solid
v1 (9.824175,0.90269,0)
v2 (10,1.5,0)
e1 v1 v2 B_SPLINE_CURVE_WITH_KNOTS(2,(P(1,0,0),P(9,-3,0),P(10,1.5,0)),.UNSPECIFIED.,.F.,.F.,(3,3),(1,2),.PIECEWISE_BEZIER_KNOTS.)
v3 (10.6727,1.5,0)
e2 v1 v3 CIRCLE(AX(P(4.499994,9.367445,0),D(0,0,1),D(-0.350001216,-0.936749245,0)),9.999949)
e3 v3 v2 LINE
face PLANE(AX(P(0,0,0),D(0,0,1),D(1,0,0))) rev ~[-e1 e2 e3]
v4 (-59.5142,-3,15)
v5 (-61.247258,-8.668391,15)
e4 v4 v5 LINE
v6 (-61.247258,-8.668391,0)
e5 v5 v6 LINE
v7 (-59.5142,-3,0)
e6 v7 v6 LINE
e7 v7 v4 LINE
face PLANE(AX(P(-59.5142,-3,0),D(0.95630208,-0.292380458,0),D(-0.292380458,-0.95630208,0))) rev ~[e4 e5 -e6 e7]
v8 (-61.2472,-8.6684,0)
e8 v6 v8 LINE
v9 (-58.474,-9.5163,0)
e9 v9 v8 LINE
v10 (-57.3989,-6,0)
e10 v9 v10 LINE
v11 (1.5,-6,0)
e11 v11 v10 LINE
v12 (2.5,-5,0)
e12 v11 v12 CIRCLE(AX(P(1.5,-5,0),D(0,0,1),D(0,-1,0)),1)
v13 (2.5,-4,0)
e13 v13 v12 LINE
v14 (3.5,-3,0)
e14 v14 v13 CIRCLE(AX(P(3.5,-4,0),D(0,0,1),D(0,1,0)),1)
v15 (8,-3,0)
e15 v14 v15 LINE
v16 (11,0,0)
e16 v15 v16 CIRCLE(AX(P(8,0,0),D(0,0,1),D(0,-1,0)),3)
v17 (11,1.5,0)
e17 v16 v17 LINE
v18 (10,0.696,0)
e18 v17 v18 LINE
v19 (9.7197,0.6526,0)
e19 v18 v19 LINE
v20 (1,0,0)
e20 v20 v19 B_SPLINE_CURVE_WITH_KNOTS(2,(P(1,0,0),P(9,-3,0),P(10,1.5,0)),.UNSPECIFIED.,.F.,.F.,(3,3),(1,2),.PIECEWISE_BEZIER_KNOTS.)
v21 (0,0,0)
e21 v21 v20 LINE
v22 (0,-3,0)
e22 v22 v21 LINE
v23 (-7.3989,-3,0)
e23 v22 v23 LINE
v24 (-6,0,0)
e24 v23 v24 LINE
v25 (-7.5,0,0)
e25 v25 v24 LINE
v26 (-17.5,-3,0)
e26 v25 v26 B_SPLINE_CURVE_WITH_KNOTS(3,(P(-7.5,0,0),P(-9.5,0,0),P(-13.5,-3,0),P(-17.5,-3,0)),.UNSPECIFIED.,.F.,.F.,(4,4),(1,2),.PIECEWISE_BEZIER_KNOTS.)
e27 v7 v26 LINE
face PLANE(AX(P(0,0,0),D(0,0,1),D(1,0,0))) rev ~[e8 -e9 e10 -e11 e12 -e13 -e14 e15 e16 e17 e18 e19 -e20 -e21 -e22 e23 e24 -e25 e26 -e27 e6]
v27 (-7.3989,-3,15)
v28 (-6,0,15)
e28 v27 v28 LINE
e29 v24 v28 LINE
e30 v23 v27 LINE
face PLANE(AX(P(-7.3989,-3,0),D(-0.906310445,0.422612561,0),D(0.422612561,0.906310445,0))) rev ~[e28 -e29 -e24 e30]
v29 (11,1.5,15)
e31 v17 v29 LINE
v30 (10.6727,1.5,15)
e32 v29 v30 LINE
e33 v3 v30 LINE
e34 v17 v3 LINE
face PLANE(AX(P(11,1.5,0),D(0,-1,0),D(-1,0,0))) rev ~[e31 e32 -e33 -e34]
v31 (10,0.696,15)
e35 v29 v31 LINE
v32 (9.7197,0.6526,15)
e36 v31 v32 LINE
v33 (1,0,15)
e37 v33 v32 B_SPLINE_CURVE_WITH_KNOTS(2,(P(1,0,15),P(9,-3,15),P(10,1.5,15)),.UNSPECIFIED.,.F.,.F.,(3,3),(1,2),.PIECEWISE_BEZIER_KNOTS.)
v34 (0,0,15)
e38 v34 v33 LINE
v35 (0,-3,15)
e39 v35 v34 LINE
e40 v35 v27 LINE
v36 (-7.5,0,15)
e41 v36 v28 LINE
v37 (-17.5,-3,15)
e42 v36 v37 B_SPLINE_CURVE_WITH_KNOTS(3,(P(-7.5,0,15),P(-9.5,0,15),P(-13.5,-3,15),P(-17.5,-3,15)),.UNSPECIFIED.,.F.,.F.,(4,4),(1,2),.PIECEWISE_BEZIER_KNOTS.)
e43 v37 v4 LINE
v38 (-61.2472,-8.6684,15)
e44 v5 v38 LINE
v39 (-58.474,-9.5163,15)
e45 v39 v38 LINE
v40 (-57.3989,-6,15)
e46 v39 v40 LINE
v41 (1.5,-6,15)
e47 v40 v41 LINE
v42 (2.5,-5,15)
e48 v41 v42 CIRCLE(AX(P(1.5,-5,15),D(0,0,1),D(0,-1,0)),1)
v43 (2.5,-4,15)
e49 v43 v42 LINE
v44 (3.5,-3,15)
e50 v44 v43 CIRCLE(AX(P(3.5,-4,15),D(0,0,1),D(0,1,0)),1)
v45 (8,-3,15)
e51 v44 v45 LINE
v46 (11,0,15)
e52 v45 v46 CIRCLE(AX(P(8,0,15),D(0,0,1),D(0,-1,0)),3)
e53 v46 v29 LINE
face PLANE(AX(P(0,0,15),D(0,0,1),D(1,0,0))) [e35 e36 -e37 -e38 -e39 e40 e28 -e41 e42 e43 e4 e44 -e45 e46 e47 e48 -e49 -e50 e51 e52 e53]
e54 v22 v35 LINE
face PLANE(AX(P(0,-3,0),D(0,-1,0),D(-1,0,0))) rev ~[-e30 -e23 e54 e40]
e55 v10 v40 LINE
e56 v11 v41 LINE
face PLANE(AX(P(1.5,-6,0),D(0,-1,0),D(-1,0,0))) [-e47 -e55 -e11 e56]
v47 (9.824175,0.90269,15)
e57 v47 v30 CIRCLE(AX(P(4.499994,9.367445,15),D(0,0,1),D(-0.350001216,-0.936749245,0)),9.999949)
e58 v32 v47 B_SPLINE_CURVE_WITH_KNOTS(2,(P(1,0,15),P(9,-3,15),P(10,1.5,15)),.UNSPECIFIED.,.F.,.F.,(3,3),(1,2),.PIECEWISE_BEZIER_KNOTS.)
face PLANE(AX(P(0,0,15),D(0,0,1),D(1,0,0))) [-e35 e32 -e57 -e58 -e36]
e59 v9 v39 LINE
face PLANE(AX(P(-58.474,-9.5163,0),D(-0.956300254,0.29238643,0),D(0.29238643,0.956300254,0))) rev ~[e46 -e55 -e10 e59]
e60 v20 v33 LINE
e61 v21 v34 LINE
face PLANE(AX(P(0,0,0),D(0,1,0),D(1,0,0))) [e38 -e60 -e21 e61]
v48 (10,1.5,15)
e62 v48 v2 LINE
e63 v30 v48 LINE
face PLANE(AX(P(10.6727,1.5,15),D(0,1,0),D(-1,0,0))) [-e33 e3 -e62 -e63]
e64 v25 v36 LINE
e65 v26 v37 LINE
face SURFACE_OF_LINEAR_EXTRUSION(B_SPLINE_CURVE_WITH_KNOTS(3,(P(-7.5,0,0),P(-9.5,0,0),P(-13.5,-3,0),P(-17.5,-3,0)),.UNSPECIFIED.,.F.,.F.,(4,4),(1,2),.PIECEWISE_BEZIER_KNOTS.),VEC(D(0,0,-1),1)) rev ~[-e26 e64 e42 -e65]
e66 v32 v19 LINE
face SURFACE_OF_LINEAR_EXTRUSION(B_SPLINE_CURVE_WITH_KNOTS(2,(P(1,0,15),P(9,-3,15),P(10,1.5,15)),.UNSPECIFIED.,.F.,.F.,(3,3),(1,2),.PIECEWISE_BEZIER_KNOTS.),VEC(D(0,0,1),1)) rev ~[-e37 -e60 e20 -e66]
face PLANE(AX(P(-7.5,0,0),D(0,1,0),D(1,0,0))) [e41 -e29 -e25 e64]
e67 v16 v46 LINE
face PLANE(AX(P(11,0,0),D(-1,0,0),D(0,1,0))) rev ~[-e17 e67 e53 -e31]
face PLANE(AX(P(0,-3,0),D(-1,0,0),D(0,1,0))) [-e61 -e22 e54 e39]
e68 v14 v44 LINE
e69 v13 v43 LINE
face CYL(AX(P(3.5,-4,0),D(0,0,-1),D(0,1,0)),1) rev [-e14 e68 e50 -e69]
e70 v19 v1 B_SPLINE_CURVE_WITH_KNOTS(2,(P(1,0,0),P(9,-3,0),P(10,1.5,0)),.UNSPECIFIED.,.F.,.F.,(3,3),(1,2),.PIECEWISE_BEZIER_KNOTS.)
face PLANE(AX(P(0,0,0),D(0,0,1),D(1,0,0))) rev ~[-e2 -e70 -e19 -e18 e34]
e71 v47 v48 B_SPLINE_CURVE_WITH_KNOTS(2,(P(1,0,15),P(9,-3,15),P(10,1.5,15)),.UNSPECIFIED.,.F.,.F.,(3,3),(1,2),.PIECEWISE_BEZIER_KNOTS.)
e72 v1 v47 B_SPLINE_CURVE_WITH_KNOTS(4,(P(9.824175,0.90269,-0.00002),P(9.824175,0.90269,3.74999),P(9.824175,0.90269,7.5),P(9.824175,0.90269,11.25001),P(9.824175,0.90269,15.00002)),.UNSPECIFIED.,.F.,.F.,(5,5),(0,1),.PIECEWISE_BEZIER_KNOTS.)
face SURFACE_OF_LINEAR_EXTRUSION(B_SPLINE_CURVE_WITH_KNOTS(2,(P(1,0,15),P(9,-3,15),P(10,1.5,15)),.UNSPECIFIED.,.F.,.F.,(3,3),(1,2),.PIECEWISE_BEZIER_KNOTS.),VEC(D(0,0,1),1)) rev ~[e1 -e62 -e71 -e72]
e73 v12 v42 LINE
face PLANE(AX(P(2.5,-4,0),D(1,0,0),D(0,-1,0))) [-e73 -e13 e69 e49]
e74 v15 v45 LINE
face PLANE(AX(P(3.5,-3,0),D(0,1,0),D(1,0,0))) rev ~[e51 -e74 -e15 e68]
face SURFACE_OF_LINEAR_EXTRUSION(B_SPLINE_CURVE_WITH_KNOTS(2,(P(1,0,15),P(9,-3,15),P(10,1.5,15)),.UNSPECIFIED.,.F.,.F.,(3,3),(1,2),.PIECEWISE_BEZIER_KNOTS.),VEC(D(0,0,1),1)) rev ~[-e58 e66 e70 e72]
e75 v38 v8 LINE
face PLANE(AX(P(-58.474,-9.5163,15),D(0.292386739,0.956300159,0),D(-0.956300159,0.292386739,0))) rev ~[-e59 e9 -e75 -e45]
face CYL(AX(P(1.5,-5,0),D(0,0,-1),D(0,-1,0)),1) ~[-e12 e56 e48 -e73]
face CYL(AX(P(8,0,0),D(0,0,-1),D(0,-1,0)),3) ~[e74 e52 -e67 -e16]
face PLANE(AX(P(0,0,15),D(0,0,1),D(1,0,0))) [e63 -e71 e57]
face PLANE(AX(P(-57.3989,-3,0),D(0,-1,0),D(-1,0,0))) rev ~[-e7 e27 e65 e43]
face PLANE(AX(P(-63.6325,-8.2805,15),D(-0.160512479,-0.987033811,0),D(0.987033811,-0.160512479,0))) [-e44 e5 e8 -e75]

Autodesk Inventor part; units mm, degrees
ref_plane "YZ Plane" through (0, 0, 0) normal (1, 0, 0) x (0, 1, 0)
ref_plane "XZ Plane" through (0, 0, 0) normal (0, 1, 0) x (-1, 0, 0)
ref_plane "XY Plane" through (0, 0, 0) normal (0, 0, 1) x (1, 0, 0)
sketch "Эскиз1" plane through (0, 0, 0) normal (0, 0, 1) x (1, 0, 0)
  line L0 (0, 0) -> (1, 0)
  line L1 (9, 0) -> (9, -3) construction
  line L2 (9, -3) -> (3.5, -3) construction
  line L3 (0, -3) -> (0, 0)
  line L4 (0, -3) -> (-7.3989, -3)
  line L5 (-7.3989, -3) -> (-7.3989, -6) construction
  line L6 (-7.3989, -6) -> (0, -6)
  line L7 (0, -6) -> (0, -3) construction
  line L8 (0, -3) -> (2.5, -3) construction
  line L9 (2.5, -4) -> (2.5, -5)
  line L10 (1.5, -6) -> (0, -6)
  line L11 (0, -6) -> (0, -3) construction
  line L12 (-7.3989, -3) -> (-6, 0)
  line L13 (-7.3989, -3) -> (-13.5, -3) construction
  line L14 (-57.3989, -3) -> (-57.3989, -6) construction
  line L15 (-57.3989, -6) -> (-7.3989, -6)
  line L16 (-7.3989, -6) -> (-7.3989, -3) construction
  arc A0 (1.5, -6) -> (2.5, -5) centre (1.5, -5) ccw
  arc A1 (3.5, -3) -> (2.5, -4) centre (3.5, -4) ccw
  line L17 (-13.5, -3) -> (-17.5, -3) construction
  line L18 (0, 0) -> (1, 0)
  line L19 (9, 0) -> (8, 0) construction
  arc A2 (1, 0) -> (8, 0) centre (4.5, 9.3675) ccw construction
  line L20 (-57.3989, -3) -> (-59.5142, -3)
  line L21 (-59.5142, -3) -> (-62.1244, -11.5373)
  line L22 (-62.1244, -12.6534) -> (-58.474, -12.6534) construction
  line L23 (-58.474, -12.6534) -> (-58.474, -9.5163) construction
  line L24 (-58.474, -12.6534) -> (3.765, -31.6817)
  line L25 (3.765, -31.6817) -> (4.6422, -28.8128)
  line L26 (4.6422, -28.8128) -> (-58.474, -9.5163)
  line L27 (-58.474, -9.5163) -> (-58.474, -12.6534) construction
  line L28 (-57.3989, -6) -> (-57.3989, -3) construction
  line L29 (-58.474, -9.5163) -> (-57.3989, -6)
  line L30 (-13.5, -3) -> (-17.5, -3) construction
  line L31 (-17.5, -3) -> (-57.3989, -3)
  line L32 (1, 0) -> (8, 0) construction
  line L33 (8, 0) -> (9, 0) construction
  line L34 (-58.474, -12.6534) -> (-62.1244, -11.5373)
  line L35 (-62.1244, -11.5373) -> (-62.1244, -12.6534) construction
  line L36 (-6, 0) -> (-7.5, 0) construction
  line L37 (-7.5, 0) -> (-7.5, -3) construction
  line L38 (-7.5, 0) -> (-9.5, 0) construction
  line L39 (-7.5, 0) -> (-9.5, 0) construction
  line L40 (-9.5, 0) -> (-13.5, -3) construction
  line L41 (-13.5, -3) -> (-17.5, -3) construction
  spline S0 degree 3 poles (-7.5, 0) (-9.5, 0) (-13.5, -3) (-17.5, -3) knots 1 1 1 1 2 2 2 2
  line L42 (-7.5, 0) -> (-6, 0)
  line L43 (9, -3) -> (11, -3) construction
  line L44 (11, 0) -> (11, 1.5)
  line L45 (11, 1.5) -> (10.6727, 1.5)
  arc A3 (1, 0) -> (10.6727, 1.5) centre (4.5, 9.3675) ccw
  line L46 (3.5, -3) -> (8, -3)
  arc A4 (8, -3) -> (11, 0) centre (8, 0) ccw
  point P0 (2.5, -6)
  point P1 (0, -6)
  point P2 (2, -4)
  dimension "d0" = 9
  dimension "d1" = 3
  dimension "d3" = 3
  dimension "d4" = 2.5
  dimension "d5" = 3
  dimension "d6" = 50
  dimension "d9" = 1
  dimension "d10" = 1
  dimension "d11" = 4
  dimension "d13" = 3
  dimension "d14" = 1
  dimension "d15" = 1
  dimension "d16" = 10
  dimension "d17" = 3.6504
  dimension "d18" = 10
  dimension "d20" = 3
  dimension "d21" = 65.0828
  dimension "d25" = 3.677
  dimension "d26" = 66
  dimension "d27" = 90
  dimension "d28" = 107
  dimension "d29" = 65
  dimension "d30" = 6
  dimension "d31" = 3
  dimension "d32" = 1.5
  dimension "d33" = 6
  dimension "d34" = 2
  dimension "d37" = 2
  dimension "d38" = 4.5
  dimension "d39" = 3
  dimension "d40" = 2.9
extrude "Выдавливание1" add sketch "Эскиз1" along normal blind 15
sketch "Эскиз3" plane through (0, 0, 15) normal (0, 0, 1) x (1, 0, 0)
  line L0 (-57.3989, -6) -> (1.5, -6) construction
  arc A0 (1.5, -6) -> (2.5, -5) centre (1.5, -5) ccw construction
  arc A1 (3.5, -3) -> (2.5, -4) centre (3.5, -4) ccw construction
  line L1 (1, 0) -> (0, 0) construction
  line L2 (0, 0) -> (0, -3) construction
  line L3 (0, -3) -> (-7.3989, -3) construction
  line L4 (-7.3989, -3) -> (-6, 0) construction
  line L5 (-6, 0) -> (-7.5, 0) construction
  line L6 (-17.5, -3) -> (-59.5142, -3) construction
  line L7 (-59.5142, -3) -> (-62.1244, -11.5373) construction
  line L8 (-62.1244, -11.5373) -> (3.765, -31.6817) construction
  line L9 (3.765, -31.6817) -> (4.6422, -28.8128) construction
  line L10 (4.6422, -28.8128) -> (-58.474, -9.5163) construction
  line L11 (-58.474, -9.5163) -> (-57.3989, -6) construction
  line L12 (4.6422, -28.8128) -> (-58.474, -9.5163) construction
  line L13 (-58.474, -9.5163) -> (-61.2472, -8.6684)
  line L14 (-58.474, -9.5163) -> (8.3891, -25.5344)
  line L15 (8.3891, -25.5344) -> (5.592, -37.2821)
  line L16 (5.592, -37.2821) -> (-67.5523, -14.3814)
  line L17 (-67.5523, -14.3814) -> (-63.6325, -8.2805)
  line L18 (-63.6325, -8.2805) -> (-61.2472, -8.6684)
  line L19 (2.5, -5) -> (2.5, -4) projected
  line L20 (3.5, -3) -> (8, -3) projected
  arc A2 (8, -3) -> (11, 0) centre (8, 0) ccw projected
  line L21 (11, 0) -> (11, 1.5) projected
  line L22 (11, 1.5) -> (10.6727, 1.5) projected
  arc A3 (1, 0) -> (10.6727, 1.5) centre (4.5, 9.3675) ccw projected
extrude "Выдавливание2" cut sketch "Эскиз3" against normal blind 25
sketch "Эскиз4" plane through (0, 0, 15) normal (0, 0, 1) x (1, 0, 0)
  line L0 (-61.2472, -8.6684) -> (-58.474, -9.5163) construction
  line L1 (-58.474, -9.5163) -> (-57.3989, -6) construction
  line L2 (-57.3989, -6) -> (1.5, -6) construction
  arc A0 (1.5, -6) -> (2.5, -5) centre (1.5, -5) ccw construction
  line L3 (2.5, -5) -> (2.5, -4) construction
  arc A1 (3.5, -3) -> (2.5, -4) centre (3.5, -4) ccw construction
  line L4 (3.5, -3) -> (8, -3) construction
  arc A2 (8, -3) -> (11, 0) centre (8, 0) ccw construction
  line L5 (11, 0) -> (11, 1.5) construction
  line L6 (11, 1.5) -> (10.6727, 1.5) construction
  arc A3 (1, 0) -> (10.6727, 1.5) centre (4.5, 9.3675) ccw construction
  line L7 (1, 0) -> (0, 0) construction
  line L8 (0, 0) -> (0, -3) construction
  line L9 (0, -3) -> (-7.3989, -3) construction
  line L10 (-7.3989, -3) -> (-6, 0) construction
  line L11 (-6, 0) -> (-7.5, 0) construction
  line L12 (-17.5, -3) -> (-59.5142, -3) construction
  line L13 (-59.5142, -3) -> (-61.2472, -8.6684) construction
  arc A4 (1, 0) -> (10.6727, 1.5) centre (4.5, 9.3675) ccw construction
  line L14 (1, 0) -> (9, -3) construction
  line L15 (9, -3) -> (10.6727, 1.5) construction
  spline S0 degree 2 poles (1, 0) (9, -3) (10.6727, 1.5) knots 1 1 1 2 2 2 construction
  line L16 (1, 0) -> (10.6727, 1.5) construction
  line L17 (11, 1.5) -> (10.6727, 1.5) projected
  line L18 (11, 1.5) -> (10, 1.5)
  line L19 (1, 0) -> (9, -3) construction
  line L20 (9, -3) -> (10, 1.5) construction
  spline S1 degree 2 poles (1, 0) (9, -3) (10, 1.5) knots 1 1 1 2 2 2
  line L21 (11, 0) -> (11, 1.5) projected
  line L22 (11, 1.5) -> (10, 0.696)
  line L23 (10, 0.696) -> (9.7197, 0.6526)
  line L24 (1, 0) -> (10, 1.5)
  dimension "d43" = 1
extrude "Выдавливание3" add sketch "Эскиз4" against normal up to surface (15 mm away) contours L22 L23 S1 L18 L17
extrude "Выдавливание4" cut sketch "Эскиз4" against normal up to surface (15 mm away) contours S1 L24
properties part number "bat_lock03"
